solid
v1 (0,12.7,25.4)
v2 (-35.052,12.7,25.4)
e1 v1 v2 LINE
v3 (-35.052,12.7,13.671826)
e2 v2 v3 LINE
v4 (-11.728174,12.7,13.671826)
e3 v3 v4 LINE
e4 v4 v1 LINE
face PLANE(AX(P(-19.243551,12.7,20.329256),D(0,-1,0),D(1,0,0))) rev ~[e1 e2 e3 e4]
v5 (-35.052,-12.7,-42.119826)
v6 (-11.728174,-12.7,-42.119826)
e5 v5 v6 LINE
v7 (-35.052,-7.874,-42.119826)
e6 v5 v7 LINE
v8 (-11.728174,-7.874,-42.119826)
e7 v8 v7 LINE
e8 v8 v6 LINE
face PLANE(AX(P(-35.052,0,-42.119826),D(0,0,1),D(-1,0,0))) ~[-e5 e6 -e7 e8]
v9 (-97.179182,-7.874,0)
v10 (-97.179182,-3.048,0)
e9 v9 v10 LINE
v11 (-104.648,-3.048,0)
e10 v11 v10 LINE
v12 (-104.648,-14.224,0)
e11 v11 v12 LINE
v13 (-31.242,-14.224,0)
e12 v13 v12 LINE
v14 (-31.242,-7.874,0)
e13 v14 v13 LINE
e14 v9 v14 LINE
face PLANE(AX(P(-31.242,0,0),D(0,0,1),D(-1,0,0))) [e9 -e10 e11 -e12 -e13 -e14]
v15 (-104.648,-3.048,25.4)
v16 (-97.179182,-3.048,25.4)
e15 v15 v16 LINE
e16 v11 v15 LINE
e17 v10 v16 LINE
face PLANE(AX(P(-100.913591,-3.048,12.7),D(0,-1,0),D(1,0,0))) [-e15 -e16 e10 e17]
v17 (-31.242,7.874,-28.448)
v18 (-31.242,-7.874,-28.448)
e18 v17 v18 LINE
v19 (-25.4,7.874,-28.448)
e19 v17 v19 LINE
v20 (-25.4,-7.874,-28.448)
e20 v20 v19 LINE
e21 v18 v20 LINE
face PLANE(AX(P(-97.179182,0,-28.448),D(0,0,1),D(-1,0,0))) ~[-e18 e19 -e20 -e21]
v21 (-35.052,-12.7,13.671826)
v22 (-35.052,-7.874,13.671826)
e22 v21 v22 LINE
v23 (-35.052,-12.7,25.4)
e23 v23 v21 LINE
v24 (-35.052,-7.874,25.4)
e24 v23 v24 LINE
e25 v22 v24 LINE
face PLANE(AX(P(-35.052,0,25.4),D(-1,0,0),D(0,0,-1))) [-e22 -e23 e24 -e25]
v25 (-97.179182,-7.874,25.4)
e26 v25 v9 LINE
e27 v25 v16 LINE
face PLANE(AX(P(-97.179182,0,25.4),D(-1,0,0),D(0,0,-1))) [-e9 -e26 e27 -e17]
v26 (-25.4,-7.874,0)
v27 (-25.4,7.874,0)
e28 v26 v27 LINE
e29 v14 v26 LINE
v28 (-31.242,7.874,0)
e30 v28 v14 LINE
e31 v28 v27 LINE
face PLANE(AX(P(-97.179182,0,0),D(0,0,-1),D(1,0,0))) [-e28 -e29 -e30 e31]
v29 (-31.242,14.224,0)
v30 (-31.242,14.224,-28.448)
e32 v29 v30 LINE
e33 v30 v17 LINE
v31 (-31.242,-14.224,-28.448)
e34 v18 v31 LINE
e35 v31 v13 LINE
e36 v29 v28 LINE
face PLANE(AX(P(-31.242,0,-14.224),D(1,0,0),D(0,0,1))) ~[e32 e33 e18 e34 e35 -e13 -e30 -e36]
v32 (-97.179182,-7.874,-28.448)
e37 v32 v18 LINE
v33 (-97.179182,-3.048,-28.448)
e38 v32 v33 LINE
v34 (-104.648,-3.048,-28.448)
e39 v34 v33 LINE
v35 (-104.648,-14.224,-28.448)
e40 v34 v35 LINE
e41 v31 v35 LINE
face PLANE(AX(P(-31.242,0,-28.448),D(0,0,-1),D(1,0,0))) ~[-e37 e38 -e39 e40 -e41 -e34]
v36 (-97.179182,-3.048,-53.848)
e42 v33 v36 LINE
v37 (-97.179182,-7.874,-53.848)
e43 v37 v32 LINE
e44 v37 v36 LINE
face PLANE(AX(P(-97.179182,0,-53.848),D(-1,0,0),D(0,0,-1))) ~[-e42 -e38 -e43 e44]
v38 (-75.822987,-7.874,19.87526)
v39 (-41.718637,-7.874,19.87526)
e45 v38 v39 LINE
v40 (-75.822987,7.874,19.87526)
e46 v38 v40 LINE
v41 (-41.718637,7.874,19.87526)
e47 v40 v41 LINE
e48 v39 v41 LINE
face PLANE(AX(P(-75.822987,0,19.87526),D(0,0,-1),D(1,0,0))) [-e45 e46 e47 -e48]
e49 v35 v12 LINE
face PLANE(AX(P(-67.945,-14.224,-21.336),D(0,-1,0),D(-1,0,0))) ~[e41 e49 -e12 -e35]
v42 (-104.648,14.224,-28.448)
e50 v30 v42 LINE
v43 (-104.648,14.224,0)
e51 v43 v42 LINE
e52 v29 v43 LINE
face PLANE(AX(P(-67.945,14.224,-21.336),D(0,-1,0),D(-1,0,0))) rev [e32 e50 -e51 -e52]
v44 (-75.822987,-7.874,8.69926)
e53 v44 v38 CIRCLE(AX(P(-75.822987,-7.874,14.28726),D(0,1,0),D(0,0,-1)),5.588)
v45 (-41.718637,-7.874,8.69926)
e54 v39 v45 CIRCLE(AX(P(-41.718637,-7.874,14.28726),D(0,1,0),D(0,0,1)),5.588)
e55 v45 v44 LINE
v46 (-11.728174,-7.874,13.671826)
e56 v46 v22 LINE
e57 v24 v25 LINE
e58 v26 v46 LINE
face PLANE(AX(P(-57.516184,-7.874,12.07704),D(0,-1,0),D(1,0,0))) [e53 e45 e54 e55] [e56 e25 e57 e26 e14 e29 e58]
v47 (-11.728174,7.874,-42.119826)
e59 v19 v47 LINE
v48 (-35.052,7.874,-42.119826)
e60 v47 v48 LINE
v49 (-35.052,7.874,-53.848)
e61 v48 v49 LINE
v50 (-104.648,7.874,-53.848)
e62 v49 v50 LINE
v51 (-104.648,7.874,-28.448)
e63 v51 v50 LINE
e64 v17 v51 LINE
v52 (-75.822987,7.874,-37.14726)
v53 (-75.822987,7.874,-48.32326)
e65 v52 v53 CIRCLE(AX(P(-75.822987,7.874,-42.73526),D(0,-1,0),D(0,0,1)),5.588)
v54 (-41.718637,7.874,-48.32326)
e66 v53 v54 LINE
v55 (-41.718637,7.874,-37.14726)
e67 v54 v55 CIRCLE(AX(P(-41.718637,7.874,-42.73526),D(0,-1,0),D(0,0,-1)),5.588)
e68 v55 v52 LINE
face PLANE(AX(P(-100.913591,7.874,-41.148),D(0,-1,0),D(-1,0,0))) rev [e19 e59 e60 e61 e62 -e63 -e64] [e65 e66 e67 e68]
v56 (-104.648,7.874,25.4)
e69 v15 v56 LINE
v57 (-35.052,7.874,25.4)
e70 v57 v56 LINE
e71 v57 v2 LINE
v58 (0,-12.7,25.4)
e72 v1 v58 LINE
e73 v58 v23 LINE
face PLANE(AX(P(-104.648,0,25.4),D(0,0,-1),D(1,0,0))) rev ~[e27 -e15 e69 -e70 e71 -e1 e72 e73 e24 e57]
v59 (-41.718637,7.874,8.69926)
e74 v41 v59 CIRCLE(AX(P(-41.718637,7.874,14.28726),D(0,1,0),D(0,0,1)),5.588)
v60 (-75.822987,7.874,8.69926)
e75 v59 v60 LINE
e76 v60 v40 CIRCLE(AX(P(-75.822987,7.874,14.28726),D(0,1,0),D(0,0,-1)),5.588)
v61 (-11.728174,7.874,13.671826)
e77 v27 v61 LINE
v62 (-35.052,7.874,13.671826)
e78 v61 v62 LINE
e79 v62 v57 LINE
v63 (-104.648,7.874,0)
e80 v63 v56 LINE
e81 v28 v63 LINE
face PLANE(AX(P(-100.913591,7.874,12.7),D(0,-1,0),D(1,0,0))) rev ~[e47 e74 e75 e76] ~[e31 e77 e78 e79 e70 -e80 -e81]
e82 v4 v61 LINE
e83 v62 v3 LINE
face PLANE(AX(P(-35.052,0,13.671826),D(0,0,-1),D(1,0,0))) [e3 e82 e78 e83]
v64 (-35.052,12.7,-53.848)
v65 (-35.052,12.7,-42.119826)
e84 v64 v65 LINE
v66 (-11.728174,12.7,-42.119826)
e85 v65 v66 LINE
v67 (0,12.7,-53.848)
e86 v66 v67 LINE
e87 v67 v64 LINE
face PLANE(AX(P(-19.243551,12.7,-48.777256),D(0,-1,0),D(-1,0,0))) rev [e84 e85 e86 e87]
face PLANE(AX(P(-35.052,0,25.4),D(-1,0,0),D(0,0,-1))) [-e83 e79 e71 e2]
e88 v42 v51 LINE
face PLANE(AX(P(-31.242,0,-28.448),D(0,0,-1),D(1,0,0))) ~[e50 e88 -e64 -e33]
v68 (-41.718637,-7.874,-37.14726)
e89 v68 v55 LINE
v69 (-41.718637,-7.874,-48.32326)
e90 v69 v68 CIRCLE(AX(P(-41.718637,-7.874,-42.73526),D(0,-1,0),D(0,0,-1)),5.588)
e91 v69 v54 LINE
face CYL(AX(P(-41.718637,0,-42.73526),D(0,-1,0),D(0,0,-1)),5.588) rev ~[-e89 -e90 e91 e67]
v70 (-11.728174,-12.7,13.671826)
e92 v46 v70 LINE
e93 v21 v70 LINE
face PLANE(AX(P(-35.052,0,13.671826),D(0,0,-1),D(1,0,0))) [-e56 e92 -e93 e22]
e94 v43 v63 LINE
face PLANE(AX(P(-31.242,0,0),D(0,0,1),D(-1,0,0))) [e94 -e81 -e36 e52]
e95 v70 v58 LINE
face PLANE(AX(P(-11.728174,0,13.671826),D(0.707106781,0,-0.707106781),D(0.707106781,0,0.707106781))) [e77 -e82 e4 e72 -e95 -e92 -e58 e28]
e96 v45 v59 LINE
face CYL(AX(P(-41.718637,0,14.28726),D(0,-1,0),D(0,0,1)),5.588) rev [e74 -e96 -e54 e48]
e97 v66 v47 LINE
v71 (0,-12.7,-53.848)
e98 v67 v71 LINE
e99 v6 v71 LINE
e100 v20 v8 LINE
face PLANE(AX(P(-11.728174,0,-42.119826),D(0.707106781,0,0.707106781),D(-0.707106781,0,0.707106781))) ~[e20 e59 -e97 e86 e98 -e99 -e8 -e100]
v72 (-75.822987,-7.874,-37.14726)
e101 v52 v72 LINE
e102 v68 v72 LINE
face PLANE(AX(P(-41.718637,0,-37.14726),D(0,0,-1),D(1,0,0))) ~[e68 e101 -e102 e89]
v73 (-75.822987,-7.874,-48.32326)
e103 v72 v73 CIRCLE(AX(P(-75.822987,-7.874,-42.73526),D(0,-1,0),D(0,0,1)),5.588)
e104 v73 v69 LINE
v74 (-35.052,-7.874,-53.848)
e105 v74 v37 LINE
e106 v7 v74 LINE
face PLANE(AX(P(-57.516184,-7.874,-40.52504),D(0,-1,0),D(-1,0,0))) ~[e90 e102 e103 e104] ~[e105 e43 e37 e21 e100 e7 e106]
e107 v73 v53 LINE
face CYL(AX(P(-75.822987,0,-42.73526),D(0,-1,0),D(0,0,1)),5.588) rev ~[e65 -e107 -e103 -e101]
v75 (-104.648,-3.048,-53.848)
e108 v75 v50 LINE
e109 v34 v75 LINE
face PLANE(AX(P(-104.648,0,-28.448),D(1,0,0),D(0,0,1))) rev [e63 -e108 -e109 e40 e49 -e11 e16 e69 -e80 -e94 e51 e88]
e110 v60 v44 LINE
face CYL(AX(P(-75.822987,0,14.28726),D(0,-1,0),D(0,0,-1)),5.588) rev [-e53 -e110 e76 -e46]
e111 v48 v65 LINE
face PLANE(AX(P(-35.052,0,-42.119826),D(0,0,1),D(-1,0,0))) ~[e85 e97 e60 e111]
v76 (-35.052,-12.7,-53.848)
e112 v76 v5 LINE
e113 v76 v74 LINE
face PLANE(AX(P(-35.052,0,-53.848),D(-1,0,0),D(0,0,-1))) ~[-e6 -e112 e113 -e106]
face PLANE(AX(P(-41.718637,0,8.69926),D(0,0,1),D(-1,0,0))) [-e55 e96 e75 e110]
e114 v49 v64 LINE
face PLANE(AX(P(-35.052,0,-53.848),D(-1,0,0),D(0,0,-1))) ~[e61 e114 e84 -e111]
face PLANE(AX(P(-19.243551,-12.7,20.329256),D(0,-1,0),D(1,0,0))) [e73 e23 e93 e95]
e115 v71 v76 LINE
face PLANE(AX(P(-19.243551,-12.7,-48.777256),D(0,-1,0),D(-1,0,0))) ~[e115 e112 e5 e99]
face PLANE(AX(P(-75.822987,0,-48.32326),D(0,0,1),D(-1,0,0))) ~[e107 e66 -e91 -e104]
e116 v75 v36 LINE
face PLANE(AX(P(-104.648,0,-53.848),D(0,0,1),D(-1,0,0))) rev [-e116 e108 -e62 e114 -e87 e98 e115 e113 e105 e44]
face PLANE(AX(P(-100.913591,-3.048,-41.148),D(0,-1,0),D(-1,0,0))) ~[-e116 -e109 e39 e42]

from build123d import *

# Parameters (mm, degrees)
F1_DEPTH      = 14.224
F2_DEPTH      = 7.874
F3_DEPTH      = 12.7
F0_W          = 7.468818
F0_H          = 25.4
F4_DEPTH      = 3.048
F4_DEPTH_BACK = 7.874


with BuildPart() as f1:
    # F0 (on Front) → F1 (new body, symmetric)
    with BuildSketch(Plane.XZ):
        Polygon((-31.242, -14.224), (-31.242, 0), (-97.179182, 0), (-104.648, 0), (-104.648, -14.224), align=None)
    extrude(amount=F1_DEPTH, both=True)

    # F0 (on Front) → F2 (join, symmetric)
    with BuildSketch(Plane.XZ):
        Polygon((-31.242, 0), (-25.4, 0), (-11.728174, 13.671826), (-35.052, 13.671826), (-35.052, 25.4), (-75.822987, 25.4), (-97.179182, 25.4), (-97.179182, 0), align=None)
        with BuildLine():
            ThreePointArc((-75.822987, 8.69926), (-81.410987, 14.28726), (-75.822987, 19.87526))
            Line((-75.822987, 19.87526), (-41.718637, 19.87526))
            ThreePointArc((-41.718637, 19.87526), (-36.130637, 14.28726), (-41.718637, 8.69926))
            Line((-41.718637, 8.69926), (-75.822987, 8.69926))
        make_face(mode=Mode.SUBTRACT)
    extrude(amount=F2_DEPTH, both=True)

    # F0 (on Front) → F3 (join, symmetric)
    with BuildSketch(Plane.XZ):
        Polygon((-35.052, 13.671826), (-11.728174, 13.671826), (0, 25.4), (-35.052, 25.4), align=None)
    extrude(amount=F3_DEPTH, both=True)

    # F0 (on Front) → F4 (join, two sides)
    with BuildSketch(Plane.XZ) as f4_sk:
        with Locations((-100.913591, 12.7)):
            Rectangle(F0_W, F0_H)
    extrude(amount=F4_DEPTH)
    extrude(f4_sk.sketch, amount=-F4_DEPTH_BACK)

    # F5: F1 across face


with BuildPart() as f1_1:
    add(f1.part)
    add(f1.part.mirror(Plane(origin=(-67.945, 0, -14.224), x_dir=(1, 0, 0), z_dir=(0, 0, -1))))


solid = f1_1.part
